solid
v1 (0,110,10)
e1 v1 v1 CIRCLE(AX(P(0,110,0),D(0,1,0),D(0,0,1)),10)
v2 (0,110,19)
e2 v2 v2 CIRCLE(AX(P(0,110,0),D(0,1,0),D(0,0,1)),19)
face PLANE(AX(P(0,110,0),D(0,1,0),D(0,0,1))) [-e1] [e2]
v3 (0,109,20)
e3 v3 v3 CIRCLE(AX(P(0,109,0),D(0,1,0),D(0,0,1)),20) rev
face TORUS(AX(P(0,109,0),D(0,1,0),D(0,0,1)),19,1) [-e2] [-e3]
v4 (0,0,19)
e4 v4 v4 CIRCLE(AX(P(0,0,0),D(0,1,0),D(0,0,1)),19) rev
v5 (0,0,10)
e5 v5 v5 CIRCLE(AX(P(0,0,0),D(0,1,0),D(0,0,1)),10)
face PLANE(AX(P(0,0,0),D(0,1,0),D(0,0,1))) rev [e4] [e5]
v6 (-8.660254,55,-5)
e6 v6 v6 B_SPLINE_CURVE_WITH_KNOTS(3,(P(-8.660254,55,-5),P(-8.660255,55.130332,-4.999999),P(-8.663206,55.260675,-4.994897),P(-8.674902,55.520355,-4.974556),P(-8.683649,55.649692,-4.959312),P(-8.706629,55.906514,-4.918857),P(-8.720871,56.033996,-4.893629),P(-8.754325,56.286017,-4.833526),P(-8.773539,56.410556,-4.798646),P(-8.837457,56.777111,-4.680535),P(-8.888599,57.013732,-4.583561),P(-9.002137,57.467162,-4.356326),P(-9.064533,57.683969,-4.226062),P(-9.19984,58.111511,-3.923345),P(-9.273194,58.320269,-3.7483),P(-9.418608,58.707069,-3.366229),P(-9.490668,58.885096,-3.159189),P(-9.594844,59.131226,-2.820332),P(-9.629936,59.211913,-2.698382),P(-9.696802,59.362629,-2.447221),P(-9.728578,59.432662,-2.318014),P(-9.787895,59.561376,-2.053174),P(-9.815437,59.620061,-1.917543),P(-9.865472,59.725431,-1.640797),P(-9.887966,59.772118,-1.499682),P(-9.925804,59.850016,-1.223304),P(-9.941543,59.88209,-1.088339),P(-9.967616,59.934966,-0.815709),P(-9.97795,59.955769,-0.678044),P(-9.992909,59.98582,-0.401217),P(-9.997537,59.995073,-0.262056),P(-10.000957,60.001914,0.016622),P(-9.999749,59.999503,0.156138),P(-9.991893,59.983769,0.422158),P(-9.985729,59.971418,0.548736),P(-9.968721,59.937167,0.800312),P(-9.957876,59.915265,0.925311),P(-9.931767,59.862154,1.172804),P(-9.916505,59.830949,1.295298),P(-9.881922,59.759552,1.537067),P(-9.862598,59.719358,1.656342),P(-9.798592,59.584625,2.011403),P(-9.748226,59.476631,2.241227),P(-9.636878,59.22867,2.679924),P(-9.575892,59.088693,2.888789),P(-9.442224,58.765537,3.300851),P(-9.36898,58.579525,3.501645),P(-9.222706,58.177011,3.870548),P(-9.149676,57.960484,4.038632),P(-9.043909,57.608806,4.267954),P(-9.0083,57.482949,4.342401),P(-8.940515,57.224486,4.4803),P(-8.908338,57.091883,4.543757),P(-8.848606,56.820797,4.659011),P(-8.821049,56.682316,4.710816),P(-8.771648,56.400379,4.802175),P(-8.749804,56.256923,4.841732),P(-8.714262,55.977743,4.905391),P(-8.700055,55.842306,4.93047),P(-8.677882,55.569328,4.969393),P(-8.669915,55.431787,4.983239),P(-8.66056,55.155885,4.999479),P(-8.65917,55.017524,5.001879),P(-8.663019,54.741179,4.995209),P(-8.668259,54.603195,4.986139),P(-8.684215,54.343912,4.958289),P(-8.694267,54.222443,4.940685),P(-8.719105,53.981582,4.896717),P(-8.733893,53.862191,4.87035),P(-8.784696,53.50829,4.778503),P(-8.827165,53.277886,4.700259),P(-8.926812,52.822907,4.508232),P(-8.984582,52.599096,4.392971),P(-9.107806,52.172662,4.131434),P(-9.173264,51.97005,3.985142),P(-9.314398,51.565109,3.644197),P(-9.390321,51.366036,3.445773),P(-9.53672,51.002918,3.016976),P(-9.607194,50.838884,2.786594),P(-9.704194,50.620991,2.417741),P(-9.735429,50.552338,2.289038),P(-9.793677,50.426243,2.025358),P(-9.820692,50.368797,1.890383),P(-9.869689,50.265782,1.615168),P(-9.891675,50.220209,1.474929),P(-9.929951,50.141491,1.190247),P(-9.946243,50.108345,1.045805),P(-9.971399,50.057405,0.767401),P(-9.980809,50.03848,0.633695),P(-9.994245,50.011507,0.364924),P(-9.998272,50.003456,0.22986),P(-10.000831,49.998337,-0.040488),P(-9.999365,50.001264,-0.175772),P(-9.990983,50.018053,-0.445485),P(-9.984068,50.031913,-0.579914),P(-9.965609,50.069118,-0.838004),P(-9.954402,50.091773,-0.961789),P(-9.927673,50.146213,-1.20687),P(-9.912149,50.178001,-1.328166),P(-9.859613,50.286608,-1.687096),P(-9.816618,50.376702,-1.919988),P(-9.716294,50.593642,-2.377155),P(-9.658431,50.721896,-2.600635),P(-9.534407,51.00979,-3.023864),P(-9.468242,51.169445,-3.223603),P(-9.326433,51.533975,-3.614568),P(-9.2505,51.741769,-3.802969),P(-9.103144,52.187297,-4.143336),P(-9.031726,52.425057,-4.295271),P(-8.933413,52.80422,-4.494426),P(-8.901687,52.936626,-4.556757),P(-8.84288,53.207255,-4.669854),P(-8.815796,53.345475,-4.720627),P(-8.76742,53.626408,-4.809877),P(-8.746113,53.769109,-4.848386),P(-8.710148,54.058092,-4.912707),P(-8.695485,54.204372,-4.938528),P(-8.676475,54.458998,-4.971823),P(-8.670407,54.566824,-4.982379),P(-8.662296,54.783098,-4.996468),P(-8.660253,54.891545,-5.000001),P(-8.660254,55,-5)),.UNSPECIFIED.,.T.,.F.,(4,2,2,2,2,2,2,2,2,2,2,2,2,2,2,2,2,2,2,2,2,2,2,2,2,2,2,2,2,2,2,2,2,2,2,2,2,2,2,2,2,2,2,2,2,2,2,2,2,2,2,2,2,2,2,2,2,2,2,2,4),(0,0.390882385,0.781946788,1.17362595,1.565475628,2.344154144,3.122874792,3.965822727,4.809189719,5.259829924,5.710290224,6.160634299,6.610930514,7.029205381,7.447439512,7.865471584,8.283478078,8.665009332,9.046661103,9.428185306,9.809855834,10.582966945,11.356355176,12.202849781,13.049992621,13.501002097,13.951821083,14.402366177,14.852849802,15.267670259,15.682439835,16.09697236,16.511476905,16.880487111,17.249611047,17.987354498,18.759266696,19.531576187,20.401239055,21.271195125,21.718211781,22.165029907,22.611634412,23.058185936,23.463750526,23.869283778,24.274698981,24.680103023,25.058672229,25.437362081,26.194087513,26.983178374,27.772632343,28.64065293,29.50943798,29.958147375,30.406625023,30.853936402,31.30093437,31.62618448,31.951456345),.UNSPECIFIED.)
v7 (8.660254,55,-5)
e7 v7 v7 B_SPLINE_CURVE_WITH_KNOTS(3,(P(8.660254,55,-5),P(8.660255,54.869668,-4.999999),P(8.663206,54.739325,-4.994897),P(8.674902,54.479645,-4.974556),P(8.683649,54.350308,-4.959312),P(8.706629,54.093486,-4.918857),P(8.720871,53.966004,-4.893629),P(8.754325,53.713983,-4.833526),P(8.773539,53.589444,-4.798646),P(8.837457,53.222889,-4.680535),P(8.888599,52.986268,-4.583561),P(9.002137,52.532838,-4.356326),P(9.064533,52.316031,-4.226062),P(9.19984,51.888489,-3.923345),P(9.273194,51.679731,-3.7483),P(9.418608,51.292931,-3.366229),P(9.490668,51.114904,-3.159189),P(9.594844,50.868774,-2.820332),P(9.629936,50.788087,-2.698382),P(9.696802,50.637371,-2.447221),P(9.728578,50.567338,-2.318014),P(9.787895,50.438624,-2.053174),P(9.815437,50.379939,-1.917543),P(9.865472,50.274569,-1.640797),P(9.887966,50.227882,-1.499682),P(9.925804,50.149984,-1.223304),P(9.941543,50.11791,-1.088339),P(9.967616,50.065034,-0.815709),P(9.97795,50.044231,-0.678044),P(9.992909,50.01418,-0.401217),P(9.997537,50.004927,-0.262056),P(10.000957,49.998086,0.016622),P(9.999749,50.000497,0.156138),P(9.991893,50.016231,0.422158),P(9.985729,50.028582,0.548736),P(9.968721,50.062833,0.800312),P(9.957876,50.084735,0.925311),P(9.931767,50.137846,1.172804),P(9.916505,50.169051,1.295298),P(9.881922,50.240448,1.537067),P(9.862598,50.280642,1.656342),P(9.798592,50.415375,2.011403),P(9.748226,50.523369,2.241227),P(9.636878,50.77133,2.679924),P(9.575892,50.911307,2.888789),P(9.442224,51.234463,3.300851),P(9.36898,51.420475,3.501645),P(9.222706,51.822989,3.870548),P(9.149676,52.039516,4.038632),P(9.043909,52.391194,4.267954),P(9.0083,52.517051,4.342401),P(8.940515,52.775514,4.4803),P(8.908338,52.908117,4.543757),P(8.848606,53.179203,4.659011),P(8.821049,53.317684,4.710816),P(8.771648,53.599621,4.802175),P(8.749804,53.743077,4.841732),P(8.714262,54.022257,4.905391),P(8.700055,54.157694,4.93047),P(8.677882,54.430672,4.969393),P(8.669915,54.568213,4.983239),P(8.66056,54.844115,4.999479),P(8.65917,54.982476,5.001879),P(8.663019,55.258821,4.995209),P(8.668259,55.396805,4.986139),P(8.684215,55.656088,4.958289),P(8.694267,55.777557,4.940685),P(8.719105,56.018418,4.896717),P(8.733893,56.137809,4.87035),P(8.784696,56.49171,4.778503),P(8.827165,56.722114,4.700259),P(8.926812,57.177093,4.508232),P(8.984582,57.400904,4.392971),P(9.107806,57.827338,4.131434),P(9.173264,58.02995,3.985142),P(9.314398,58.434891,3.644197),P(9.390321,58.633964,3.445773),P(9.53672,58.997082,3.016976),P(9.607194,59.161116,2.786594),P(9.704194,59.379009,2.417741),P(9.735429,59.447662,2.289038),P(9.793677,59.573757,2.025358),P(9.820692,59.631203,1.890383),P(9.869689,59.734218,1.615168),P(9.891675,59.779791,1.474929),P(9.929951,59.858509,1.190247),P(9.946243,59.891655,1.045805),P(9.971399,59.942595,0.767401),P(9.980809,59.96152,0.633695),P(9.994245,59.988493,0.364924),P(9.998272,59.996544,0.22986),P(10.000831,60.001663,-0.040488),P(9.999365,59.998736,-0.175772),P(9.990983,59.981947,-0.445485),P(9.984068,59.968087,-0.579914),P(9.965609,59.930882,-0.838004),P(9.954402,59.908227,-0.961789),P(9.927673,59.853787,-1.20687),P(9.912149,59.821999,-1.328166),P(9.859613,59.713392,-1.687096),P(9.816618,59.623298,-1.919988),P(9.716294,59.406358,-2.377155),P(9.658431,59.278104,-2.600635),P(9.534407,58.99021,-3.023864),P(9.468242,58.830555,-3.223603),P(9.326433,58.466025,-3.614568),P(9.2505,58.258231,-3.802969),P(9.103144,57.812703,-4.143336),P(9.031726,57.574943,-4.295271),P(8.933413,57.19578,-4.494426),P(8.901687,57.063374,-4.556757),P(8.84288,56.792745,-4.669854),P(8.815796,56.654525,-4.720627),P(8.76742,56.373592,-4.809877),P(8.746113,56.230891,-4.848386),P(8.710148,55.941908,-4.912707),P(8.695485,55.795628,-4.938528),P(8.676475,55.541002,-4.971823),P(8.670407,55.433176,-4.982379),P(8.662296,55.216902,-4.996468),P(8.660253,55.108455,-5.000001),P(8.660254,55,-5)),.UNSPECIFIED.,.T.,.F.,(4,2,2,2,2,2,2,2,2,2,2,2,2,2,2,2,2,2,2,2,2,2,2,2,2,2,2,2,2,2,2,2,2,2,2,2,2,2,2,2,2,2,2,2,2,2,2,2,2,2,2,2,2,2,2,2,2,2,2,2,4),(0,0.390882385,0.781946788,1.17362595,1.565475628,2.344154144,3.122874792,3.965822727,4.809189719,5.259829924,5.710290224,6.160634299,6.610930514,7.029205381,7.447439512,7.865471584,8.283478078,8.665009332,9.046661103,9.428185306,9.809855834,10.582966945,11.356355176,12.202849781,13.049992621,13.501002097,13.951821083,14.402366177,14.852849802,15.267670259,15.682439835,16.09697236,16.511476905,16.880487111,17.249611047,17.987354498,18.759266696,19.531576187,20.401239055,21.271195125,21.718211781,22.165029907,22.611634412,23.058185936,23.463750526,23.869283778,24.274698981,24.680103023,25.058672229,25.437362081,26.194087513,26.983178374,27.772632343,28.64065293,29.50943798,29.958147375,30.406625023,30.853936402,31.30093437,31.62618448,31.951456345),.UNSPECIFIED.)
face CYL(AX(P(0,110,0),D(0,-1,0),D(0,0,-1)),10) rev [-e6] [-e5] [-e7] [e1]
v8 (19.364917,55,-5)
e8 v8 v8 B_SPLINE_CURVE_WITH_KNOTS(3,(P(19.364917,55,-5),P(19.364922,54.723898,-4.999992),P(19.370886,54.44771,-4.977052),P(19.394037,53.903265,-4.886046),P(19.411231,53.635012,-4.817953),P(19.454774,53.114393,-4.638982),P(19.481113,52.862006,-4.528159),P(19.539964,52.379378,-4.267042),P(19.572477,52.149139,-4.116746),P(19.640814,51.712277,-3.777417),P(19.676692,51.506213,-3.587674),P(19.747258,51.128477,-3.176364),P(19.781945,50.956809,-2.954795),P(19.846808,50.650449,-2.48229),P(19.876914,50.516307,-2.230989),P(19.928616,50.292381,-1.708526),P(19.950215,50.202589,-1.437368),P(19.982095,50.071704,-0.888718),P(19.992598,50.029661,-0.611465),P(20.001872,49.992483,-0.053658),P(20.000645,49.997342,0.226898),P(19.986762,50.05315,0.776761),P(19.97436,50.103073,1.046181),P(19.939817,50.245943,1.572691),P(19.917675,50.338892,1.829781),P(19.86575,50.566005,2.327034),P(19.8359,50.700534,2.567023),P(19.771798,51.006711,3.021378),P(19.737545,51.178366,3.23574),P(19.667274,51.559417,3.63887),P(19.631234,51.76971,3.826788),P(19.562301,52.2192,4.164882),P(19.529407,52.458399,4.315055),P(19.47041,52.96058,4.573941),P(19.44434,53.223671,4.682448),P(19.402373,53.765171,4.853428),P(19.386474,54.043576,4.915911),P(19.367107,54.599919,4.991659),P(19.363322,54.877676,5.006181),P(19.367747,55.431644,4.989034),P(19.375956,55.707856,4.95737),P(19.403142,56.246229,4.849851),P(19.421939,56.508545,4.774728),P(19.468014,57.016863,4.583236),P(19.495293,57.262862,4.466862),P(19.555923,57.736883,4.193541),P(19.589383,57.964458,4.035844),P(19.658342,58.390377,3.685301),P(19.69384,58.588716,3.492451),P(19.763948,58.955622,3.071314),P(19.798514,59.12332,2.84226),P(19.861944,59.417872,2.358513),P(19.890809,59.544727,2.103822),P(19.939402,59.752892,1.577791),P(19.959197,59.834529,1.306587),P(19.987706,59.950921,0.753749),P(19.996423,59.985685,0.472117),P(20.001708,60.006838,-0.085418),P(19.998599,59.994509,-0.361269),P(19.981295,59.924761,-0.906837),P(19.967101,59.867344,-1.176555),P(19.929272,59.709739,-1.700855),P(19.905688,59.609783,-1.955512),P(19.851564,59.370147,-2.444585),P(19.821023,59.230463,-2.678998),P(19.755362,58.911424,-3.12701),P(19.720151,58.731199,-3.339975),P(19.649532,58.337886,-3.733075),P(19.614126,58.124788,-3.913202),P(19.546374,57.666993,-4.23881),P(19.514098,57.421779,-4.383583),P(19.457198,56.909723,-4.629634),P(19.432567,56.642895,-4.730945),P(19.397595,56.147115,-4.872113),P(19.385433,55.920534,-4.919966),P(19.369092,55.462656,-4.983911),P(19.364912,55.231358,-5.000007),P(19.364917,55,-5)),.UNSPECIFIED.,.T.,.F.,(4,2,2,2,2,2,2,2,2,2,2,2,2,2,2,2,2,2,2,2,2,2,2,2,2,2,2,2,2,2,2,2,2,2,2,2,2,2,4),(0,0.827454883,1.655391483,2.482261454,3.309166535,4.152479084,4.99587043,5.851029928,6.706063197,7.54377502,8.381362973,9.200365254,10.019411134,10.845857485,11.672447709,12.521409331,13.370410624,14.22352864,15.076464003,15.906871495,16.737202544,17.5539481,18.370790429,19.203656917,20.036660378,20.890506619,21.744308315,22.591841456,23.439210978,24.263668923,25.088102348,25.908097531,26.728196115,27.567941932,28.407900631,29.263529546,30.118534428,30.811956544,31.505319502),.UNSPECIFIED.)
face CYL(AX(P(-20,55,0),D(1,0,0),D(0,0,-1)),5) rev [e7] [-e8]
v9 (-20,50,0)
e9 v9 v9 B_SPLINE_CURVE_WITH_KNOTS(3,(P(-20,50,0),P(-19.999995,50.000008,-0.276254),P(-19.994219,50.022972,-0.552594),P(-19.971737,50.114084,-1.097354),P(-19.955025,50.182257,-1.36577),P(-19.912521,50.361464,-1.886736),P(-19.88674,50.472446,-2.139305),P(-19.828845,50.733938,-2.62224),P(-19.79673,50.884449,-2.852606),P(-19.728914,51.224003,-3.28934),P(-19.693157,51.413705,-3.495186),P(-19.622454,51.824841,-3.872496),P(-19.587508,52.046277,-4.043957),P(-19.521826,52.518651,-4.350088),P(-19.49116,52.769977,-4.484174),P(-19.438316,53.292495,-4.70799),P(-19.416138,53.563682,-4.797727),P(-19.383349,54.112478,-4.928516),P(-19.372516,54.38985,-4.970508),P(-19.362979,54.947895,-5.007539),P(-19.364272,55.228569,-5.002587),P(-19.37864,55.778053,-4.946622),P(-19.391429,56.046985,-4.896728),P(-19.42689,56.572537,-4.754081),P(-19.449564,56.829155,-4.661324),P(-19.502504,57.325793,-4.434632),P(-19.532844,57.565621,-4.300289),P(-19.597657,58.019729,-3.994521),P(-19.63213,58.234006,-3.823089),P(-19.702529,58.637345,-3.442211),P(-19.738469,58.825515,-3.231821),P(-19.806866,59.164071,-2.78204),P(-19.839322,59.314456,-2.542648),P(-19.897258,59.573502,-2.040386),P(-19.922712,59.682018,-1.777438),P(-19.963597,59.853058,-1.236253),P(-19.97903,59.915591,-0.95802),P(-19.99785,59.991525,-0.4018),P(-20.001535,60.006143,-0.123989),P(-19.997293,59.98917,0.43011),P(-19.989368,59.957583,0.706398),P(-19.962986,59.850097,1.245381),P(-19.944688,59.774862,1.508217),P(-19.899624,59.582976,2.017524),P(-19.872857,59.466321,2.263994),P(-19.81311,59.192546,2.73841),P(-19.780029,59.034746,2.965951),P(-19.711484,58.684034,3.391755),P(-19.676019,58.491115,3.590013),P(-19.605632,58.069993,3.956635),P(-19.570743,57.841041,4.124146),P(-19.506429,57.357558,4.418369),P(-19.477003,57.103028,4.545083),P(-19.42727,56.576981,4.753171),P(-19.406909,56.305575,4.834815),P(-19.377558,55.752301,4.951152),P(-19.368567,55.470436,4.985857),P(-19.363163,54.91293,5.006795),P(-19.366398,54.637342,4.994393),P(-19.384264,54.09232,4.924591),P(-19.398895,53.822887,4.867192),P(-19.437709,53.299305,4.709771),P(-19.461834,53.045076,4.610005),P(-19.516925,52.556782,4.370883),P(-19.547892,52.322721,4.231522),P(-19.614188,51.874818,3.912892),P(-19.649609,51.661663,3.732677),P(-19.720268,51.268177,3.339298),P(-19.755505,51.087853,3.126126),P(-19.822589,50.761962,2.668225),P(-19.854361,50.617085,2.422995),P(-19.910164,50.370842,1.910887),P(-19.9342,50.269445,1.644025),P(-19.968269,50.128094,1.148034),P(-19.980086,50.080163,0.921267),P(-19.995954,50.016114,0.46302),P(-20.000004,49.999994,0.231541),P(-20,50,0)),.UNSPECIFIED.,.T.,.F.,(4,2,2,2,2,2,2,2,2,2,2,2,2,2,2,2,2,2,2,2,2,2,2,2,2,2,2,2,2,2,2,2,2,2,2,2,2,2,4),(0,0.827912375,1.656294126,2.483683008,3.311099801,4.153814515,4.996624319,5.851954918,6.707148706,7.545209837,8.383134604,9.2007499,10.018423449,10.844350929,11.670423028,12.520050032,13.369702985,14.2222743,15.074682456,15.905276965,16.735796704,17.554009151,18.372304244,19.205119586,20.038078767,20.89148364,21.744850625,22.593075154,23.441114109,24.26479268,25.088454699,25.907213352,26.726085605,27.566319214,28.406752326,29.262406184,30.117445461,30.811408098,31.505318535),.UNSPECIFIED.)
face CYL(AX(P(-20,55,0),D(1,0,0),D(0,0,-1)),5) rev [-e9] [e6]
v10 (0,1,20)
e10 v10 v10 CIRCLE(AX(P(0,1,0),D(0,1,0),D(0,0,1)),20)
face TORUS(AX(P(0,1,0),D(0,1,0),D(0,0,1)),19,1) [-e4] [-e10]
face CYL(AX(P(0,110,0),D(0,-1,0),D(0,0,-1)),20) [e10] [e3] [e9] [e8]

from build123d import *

# Parameters (mm, degrees)
SKETCH_1_R               = 20
SKETCH_1_R_2             = 10
EXTRUDE_1_DEPTH          = 110
SKETCH_2_R               = 5
CUT_EXTRUDE_1_DEPTH      = 21
CUT_EXTRUDE_1_DEPTH_BACK = 21
FILLET_1_R               = 1


with BuildPart() as part:
    # 草图1 → 凸台-拉伸1 (new body)
    with BuildSketch(Plane(origin=(0, 0, 0), x_dir=(1, 0, 0), z_dir=(0, 1, 0))):
        Circle(SKETCH_1_R)
        Circle(SKETCH_1_R_2, mode=Mode.SUBTRACT)
    extrude(amount=EXTRUDE_1_DEPTH)

    # 草图2 → 切除-拉伸1 (cut, two sides)
    with BuildSketch(Plane(origin=(0, 0, 0), x_dir=(0, 0, -1), z_dir=(1, 0, 0))) as cut_extrude_1_sk:
        with Locations((0, 55)):
            Circle(SKETCH_2_R)
    extrude(amount=CUT_EXTRUDE_1_DEPTH, mode=Mode.SUBTRACT)
    extrude(cut_extrude_1_sk.sketch, amount=-CUT_EXTRUDE_1_DEPTH_BACK, mode=Mode.SUBTRACT)

    # 圆角1
    fillet_1_edges = [part.edges().sort_by_distance(p)[0] for p in [
        (-20, 0, 0),
        (-20, 110, 0),
    ]]
    fillet(fillet_1_edges, radius=FILLET_1_R)


solid = part.part
